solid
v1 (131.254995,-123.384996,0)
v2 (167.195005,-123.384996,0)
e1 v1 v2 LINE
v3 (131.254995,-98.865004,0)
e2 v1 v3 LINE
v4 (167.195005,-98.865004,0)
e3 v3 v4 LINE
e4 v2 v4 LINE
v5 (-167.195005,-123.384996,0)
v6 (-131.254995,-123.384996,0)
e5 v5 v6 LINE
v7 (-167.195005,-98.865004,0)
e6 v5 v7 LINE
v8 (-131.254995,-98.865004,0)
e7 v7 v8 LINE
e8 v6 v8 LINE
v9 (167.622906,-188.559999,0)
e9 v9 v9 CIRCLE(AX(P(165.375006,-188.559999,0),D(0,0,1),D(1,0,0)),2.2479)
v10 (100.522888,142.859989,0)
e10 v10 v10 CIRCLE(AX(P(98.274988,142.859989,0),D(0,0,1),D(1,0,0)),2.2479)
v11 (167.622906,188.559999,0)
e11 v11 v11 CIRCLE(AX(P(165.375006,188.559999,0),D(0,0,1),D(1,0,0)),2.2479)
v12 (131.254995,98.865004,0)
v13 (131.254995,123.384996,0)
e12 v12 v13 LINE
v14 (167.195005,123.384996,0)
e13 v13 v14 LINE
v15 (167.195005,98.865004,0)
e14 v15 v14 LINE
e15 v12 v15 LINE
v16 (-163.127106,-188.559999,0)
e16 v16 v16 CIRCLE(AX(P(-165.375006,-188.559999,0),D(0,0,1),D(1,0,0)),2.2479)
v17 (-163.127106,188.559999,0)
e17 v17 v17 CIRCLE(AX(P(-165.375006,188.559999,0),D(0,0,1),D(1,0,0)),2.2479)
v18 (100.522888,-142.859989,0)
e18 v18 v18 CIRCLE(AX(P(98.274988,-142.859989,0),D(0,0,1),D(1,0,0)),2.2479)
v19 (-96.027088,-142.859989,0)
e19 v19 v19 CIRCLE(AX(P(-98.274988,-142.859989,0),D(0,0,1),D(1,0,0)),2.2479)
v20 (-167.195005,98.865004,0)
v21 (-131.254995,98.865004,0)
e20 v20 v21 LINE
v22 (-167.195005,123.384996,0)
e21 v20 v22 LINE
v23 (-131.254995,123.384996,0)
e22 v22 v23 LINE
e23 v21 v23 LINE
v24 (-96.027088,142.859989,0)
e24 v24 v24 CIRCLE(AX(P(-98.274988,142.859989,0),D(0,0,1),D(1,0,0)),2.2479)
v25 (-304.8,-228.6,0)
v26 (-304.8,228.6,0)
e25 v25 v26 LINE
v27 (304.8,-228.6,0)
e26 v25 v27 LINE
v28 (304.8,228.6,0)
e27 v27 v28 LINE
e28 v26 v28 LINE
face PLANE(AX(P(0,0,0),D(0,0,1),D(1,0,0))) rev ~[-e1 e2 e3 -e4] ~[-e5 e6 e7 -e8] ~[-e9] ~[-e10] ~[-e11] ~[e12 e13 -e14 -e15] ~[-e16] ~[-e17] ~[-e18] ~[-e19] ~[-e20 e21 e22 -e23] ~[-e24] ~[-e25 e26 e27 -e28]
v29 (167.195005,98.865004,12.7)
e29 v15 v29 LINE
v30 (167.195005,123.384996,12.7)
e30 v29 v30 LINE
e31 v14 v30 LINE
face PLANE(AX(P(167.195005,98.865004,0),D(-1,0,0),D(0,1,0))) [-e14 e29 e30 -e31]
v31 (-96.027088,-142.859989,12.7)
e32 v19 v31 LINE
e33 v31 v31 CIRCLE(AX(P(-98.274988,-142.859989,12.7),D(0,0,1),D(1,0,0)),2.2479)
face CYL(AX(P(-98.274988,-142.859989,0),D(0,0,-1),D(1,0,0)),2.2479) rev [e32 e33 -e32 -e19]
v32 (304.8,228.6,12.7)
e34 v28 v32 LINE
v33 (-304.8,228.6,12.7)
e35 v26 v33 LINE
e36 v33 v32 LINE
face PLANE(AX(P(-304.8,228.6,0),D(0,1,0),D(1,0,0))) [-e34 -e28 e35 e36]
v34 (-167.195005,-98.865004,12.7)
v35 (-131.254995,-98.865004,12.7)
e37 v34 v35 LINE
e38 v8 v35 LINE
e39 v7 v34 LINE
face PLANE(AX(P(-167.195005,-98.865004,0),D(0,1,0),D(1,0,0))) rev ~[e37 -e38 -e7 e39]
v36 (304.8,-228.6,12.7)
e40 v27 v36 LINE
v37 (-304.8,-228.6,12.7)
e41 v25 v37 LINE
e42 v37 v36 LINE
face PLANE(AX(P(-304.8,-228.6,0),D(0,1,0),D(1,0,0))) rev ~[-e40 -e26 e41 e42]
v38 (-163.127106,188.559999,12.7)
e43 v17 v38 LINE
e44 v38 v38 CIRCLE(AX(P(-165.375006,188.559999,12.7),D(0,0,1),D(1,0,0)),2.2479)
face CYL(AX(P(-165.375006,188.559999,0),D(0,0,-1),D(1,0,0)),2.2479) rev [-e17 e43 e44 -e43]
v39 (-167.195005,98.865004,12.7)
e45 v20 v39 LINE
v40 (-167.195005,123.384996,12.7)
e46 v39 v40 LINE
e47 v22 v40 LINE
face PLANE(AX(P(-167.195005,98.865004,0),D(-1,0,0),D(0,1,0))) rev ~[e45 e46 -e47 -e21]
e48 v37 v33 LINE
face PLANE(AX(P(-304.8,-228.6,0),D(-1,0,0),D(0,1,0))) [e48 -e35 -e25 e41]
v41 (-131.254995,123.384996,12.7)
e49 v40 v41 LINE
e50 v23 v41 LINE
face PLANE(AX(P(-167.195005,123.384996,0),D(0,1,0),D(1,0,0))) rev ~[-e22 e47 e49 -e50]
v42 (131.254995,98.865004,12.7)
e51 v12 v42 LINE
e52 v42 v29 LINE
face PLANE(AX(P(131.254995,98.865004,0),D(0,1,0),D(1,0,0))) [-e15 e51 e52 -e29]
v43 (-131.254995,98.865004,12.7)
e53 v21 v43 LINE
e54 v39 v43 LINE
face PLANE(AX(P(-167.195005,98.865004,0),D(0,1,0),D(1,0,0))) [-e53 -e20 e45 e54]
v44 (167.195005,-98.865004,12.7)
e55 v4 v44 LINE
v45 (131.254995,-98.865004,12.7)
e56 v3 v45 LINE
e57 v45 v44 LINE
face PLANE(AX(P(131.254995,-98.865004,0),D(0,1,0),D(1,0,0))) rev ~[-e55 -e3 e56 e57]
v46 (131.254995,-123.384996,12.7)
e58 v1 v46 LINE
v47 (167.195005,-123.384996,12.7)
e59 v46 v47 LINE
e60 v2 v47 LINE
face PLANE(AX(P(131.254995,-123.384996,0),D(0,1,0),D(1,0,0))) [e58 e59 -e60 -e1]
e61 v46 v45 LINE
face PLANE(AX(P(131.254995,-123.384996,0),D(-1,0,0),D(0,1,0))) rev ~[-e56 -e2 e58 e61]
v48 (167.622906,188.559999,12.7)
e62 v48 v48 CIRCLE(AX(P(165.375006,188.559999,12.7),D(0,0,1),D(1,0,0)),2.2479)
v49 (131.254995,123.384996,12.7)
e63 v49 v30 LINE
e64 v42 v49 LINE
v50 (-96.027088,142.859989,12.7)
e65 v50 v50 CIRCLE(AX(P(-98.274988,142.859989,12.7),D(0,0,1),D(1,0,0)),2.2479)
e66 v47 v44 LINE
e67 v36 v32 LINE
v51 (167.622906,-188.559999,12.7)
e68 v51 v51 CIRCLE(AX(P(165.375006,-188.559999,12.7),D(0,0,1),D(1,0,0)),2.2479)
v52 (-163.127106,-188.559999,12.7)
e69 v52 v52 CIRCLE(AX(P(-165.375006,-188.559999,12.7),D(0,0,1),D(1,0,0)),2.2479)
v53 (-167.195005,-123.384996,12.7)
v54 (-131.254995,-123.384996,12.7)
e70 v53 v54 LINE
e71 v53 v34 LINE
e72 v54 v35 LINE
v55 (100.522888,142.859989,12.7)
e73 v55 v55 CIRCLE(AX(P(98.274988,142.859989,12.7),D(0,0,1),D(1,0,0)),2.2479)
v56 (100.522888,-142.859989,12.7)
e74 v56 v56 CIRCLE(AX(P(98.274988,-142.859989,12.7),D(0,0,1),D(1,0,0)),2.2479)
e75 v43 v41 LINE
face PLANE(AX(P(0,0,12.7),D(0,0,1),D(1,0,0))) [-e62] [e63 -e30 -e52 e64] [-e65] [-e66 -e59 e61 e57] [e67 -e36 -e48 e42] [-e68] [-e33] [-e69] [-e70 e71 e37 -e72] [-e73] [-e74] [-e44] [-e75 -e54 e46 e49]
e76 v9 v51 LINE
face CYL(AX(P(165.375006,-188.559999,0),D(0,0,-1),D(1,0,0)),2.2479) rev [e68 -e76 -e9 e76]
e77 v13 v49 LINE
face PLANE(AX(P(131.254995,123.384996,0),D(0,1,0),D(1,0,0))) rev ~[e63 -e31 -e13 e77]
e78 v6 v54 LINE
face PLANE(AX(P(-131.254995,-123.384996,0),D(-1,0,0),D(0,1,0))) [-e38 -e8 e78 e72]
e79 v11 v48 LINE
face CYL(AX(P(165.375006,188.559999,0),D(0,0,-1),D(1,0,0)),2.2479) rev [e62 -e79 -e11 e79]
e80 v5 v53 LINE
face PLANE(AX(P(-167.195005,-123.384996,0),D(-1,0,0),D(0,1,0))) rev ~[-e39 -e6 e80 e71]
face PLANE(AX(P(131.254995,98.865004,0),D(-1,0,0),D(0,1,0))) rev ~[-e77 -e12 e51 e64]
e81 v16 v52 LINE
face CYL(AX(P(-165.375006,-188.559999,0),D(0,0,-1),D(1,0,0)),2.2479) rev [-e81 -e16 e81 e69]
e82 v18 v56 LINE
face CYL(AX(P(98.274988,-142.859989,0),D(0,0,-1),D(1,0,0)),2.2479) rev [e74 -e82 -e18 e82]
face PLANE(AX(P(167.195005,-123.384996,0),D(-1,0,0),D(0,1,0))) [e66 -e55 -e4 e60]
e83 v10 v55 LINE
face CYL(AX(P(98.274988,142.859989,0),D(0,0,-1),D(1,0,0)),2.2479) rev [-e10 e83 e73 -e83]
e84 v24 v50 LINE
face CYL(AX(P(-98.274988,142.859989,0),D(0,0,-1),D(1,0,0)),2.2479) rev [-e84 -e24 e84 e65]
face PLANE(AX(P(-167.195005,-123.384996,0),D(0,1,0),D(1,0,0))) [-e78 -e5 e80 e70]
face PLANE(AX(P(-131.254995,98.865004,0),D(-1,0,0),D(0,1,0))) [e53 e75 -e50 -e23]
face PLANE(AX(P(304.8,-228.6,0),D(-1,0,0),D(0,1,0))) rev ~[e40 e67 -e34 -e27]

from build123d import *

# Parameters (mm, degrees)
F0_W     = 609.6
F0_H     = 457.2
F0_R     = 2.2479
F0_W_2   = 35.94001
F0_H_2   = 24.519992
F1_DEPTH = 12.7


with BuildPart() as f1:
    # F0 (on Top) → F1 (new body)
    with BuildSketch(Plane.XY):
        Rectangle(F0_W, F0_H)
        with Locations((-165.375006, -188.559999)):
            Circle(F0_R, mode=Mode.SUBTRACT)
        with Locations((-98.274988, -142.859989)):
            Circle(F0_R, mode=Mode.SUBTRACT)
        with Locations((-149.225, -111.125)):
            Rectangle(F0_W_2, F0_H_2, mode=Mode.SUBTRACT)
        with Locations((98.274988, -142.859989)):
            Circle(F0_R, mode=Mode.SUBTRACT)
        with Locations((165.375006, -188.559999)):
            Circle(F0_R, mode=Mode.SUBTRACT)
        with Locations((149.225, -111.125)):
            Rectangle(F0_W_2, F0_H_2, mode=Mode.SUBTRACT)
        with Locations((-149.225, 111.125)):
            Rectangle(F0_W_2, F0_H_2, mode=Mode.SUBTRACT)
        with Locations((-165.375006, 188.559999)):
            Circle(F0_R, mode=Mode.SUBTRACT)
        with Locations((-98.274988, 142.859989)):
            Circle(F0_R, mode=Mode.SUBTRACT)
        with Locations((149.225, 111.125)):
            Rectangle(F0_W_2, F0_H_2, mode=Mode.SUBTRACT)
        with Locations((98.274988, 142.859989)):
            Circle(F0_R, mode=Mode.SUBTRACT)
        with Locations((165.375006, 188.559999)):
            Circle(F0_R, mode=Mode.SUBTRACT)
    extrude(amount=F1_DEPTH)


solid = f1.part
